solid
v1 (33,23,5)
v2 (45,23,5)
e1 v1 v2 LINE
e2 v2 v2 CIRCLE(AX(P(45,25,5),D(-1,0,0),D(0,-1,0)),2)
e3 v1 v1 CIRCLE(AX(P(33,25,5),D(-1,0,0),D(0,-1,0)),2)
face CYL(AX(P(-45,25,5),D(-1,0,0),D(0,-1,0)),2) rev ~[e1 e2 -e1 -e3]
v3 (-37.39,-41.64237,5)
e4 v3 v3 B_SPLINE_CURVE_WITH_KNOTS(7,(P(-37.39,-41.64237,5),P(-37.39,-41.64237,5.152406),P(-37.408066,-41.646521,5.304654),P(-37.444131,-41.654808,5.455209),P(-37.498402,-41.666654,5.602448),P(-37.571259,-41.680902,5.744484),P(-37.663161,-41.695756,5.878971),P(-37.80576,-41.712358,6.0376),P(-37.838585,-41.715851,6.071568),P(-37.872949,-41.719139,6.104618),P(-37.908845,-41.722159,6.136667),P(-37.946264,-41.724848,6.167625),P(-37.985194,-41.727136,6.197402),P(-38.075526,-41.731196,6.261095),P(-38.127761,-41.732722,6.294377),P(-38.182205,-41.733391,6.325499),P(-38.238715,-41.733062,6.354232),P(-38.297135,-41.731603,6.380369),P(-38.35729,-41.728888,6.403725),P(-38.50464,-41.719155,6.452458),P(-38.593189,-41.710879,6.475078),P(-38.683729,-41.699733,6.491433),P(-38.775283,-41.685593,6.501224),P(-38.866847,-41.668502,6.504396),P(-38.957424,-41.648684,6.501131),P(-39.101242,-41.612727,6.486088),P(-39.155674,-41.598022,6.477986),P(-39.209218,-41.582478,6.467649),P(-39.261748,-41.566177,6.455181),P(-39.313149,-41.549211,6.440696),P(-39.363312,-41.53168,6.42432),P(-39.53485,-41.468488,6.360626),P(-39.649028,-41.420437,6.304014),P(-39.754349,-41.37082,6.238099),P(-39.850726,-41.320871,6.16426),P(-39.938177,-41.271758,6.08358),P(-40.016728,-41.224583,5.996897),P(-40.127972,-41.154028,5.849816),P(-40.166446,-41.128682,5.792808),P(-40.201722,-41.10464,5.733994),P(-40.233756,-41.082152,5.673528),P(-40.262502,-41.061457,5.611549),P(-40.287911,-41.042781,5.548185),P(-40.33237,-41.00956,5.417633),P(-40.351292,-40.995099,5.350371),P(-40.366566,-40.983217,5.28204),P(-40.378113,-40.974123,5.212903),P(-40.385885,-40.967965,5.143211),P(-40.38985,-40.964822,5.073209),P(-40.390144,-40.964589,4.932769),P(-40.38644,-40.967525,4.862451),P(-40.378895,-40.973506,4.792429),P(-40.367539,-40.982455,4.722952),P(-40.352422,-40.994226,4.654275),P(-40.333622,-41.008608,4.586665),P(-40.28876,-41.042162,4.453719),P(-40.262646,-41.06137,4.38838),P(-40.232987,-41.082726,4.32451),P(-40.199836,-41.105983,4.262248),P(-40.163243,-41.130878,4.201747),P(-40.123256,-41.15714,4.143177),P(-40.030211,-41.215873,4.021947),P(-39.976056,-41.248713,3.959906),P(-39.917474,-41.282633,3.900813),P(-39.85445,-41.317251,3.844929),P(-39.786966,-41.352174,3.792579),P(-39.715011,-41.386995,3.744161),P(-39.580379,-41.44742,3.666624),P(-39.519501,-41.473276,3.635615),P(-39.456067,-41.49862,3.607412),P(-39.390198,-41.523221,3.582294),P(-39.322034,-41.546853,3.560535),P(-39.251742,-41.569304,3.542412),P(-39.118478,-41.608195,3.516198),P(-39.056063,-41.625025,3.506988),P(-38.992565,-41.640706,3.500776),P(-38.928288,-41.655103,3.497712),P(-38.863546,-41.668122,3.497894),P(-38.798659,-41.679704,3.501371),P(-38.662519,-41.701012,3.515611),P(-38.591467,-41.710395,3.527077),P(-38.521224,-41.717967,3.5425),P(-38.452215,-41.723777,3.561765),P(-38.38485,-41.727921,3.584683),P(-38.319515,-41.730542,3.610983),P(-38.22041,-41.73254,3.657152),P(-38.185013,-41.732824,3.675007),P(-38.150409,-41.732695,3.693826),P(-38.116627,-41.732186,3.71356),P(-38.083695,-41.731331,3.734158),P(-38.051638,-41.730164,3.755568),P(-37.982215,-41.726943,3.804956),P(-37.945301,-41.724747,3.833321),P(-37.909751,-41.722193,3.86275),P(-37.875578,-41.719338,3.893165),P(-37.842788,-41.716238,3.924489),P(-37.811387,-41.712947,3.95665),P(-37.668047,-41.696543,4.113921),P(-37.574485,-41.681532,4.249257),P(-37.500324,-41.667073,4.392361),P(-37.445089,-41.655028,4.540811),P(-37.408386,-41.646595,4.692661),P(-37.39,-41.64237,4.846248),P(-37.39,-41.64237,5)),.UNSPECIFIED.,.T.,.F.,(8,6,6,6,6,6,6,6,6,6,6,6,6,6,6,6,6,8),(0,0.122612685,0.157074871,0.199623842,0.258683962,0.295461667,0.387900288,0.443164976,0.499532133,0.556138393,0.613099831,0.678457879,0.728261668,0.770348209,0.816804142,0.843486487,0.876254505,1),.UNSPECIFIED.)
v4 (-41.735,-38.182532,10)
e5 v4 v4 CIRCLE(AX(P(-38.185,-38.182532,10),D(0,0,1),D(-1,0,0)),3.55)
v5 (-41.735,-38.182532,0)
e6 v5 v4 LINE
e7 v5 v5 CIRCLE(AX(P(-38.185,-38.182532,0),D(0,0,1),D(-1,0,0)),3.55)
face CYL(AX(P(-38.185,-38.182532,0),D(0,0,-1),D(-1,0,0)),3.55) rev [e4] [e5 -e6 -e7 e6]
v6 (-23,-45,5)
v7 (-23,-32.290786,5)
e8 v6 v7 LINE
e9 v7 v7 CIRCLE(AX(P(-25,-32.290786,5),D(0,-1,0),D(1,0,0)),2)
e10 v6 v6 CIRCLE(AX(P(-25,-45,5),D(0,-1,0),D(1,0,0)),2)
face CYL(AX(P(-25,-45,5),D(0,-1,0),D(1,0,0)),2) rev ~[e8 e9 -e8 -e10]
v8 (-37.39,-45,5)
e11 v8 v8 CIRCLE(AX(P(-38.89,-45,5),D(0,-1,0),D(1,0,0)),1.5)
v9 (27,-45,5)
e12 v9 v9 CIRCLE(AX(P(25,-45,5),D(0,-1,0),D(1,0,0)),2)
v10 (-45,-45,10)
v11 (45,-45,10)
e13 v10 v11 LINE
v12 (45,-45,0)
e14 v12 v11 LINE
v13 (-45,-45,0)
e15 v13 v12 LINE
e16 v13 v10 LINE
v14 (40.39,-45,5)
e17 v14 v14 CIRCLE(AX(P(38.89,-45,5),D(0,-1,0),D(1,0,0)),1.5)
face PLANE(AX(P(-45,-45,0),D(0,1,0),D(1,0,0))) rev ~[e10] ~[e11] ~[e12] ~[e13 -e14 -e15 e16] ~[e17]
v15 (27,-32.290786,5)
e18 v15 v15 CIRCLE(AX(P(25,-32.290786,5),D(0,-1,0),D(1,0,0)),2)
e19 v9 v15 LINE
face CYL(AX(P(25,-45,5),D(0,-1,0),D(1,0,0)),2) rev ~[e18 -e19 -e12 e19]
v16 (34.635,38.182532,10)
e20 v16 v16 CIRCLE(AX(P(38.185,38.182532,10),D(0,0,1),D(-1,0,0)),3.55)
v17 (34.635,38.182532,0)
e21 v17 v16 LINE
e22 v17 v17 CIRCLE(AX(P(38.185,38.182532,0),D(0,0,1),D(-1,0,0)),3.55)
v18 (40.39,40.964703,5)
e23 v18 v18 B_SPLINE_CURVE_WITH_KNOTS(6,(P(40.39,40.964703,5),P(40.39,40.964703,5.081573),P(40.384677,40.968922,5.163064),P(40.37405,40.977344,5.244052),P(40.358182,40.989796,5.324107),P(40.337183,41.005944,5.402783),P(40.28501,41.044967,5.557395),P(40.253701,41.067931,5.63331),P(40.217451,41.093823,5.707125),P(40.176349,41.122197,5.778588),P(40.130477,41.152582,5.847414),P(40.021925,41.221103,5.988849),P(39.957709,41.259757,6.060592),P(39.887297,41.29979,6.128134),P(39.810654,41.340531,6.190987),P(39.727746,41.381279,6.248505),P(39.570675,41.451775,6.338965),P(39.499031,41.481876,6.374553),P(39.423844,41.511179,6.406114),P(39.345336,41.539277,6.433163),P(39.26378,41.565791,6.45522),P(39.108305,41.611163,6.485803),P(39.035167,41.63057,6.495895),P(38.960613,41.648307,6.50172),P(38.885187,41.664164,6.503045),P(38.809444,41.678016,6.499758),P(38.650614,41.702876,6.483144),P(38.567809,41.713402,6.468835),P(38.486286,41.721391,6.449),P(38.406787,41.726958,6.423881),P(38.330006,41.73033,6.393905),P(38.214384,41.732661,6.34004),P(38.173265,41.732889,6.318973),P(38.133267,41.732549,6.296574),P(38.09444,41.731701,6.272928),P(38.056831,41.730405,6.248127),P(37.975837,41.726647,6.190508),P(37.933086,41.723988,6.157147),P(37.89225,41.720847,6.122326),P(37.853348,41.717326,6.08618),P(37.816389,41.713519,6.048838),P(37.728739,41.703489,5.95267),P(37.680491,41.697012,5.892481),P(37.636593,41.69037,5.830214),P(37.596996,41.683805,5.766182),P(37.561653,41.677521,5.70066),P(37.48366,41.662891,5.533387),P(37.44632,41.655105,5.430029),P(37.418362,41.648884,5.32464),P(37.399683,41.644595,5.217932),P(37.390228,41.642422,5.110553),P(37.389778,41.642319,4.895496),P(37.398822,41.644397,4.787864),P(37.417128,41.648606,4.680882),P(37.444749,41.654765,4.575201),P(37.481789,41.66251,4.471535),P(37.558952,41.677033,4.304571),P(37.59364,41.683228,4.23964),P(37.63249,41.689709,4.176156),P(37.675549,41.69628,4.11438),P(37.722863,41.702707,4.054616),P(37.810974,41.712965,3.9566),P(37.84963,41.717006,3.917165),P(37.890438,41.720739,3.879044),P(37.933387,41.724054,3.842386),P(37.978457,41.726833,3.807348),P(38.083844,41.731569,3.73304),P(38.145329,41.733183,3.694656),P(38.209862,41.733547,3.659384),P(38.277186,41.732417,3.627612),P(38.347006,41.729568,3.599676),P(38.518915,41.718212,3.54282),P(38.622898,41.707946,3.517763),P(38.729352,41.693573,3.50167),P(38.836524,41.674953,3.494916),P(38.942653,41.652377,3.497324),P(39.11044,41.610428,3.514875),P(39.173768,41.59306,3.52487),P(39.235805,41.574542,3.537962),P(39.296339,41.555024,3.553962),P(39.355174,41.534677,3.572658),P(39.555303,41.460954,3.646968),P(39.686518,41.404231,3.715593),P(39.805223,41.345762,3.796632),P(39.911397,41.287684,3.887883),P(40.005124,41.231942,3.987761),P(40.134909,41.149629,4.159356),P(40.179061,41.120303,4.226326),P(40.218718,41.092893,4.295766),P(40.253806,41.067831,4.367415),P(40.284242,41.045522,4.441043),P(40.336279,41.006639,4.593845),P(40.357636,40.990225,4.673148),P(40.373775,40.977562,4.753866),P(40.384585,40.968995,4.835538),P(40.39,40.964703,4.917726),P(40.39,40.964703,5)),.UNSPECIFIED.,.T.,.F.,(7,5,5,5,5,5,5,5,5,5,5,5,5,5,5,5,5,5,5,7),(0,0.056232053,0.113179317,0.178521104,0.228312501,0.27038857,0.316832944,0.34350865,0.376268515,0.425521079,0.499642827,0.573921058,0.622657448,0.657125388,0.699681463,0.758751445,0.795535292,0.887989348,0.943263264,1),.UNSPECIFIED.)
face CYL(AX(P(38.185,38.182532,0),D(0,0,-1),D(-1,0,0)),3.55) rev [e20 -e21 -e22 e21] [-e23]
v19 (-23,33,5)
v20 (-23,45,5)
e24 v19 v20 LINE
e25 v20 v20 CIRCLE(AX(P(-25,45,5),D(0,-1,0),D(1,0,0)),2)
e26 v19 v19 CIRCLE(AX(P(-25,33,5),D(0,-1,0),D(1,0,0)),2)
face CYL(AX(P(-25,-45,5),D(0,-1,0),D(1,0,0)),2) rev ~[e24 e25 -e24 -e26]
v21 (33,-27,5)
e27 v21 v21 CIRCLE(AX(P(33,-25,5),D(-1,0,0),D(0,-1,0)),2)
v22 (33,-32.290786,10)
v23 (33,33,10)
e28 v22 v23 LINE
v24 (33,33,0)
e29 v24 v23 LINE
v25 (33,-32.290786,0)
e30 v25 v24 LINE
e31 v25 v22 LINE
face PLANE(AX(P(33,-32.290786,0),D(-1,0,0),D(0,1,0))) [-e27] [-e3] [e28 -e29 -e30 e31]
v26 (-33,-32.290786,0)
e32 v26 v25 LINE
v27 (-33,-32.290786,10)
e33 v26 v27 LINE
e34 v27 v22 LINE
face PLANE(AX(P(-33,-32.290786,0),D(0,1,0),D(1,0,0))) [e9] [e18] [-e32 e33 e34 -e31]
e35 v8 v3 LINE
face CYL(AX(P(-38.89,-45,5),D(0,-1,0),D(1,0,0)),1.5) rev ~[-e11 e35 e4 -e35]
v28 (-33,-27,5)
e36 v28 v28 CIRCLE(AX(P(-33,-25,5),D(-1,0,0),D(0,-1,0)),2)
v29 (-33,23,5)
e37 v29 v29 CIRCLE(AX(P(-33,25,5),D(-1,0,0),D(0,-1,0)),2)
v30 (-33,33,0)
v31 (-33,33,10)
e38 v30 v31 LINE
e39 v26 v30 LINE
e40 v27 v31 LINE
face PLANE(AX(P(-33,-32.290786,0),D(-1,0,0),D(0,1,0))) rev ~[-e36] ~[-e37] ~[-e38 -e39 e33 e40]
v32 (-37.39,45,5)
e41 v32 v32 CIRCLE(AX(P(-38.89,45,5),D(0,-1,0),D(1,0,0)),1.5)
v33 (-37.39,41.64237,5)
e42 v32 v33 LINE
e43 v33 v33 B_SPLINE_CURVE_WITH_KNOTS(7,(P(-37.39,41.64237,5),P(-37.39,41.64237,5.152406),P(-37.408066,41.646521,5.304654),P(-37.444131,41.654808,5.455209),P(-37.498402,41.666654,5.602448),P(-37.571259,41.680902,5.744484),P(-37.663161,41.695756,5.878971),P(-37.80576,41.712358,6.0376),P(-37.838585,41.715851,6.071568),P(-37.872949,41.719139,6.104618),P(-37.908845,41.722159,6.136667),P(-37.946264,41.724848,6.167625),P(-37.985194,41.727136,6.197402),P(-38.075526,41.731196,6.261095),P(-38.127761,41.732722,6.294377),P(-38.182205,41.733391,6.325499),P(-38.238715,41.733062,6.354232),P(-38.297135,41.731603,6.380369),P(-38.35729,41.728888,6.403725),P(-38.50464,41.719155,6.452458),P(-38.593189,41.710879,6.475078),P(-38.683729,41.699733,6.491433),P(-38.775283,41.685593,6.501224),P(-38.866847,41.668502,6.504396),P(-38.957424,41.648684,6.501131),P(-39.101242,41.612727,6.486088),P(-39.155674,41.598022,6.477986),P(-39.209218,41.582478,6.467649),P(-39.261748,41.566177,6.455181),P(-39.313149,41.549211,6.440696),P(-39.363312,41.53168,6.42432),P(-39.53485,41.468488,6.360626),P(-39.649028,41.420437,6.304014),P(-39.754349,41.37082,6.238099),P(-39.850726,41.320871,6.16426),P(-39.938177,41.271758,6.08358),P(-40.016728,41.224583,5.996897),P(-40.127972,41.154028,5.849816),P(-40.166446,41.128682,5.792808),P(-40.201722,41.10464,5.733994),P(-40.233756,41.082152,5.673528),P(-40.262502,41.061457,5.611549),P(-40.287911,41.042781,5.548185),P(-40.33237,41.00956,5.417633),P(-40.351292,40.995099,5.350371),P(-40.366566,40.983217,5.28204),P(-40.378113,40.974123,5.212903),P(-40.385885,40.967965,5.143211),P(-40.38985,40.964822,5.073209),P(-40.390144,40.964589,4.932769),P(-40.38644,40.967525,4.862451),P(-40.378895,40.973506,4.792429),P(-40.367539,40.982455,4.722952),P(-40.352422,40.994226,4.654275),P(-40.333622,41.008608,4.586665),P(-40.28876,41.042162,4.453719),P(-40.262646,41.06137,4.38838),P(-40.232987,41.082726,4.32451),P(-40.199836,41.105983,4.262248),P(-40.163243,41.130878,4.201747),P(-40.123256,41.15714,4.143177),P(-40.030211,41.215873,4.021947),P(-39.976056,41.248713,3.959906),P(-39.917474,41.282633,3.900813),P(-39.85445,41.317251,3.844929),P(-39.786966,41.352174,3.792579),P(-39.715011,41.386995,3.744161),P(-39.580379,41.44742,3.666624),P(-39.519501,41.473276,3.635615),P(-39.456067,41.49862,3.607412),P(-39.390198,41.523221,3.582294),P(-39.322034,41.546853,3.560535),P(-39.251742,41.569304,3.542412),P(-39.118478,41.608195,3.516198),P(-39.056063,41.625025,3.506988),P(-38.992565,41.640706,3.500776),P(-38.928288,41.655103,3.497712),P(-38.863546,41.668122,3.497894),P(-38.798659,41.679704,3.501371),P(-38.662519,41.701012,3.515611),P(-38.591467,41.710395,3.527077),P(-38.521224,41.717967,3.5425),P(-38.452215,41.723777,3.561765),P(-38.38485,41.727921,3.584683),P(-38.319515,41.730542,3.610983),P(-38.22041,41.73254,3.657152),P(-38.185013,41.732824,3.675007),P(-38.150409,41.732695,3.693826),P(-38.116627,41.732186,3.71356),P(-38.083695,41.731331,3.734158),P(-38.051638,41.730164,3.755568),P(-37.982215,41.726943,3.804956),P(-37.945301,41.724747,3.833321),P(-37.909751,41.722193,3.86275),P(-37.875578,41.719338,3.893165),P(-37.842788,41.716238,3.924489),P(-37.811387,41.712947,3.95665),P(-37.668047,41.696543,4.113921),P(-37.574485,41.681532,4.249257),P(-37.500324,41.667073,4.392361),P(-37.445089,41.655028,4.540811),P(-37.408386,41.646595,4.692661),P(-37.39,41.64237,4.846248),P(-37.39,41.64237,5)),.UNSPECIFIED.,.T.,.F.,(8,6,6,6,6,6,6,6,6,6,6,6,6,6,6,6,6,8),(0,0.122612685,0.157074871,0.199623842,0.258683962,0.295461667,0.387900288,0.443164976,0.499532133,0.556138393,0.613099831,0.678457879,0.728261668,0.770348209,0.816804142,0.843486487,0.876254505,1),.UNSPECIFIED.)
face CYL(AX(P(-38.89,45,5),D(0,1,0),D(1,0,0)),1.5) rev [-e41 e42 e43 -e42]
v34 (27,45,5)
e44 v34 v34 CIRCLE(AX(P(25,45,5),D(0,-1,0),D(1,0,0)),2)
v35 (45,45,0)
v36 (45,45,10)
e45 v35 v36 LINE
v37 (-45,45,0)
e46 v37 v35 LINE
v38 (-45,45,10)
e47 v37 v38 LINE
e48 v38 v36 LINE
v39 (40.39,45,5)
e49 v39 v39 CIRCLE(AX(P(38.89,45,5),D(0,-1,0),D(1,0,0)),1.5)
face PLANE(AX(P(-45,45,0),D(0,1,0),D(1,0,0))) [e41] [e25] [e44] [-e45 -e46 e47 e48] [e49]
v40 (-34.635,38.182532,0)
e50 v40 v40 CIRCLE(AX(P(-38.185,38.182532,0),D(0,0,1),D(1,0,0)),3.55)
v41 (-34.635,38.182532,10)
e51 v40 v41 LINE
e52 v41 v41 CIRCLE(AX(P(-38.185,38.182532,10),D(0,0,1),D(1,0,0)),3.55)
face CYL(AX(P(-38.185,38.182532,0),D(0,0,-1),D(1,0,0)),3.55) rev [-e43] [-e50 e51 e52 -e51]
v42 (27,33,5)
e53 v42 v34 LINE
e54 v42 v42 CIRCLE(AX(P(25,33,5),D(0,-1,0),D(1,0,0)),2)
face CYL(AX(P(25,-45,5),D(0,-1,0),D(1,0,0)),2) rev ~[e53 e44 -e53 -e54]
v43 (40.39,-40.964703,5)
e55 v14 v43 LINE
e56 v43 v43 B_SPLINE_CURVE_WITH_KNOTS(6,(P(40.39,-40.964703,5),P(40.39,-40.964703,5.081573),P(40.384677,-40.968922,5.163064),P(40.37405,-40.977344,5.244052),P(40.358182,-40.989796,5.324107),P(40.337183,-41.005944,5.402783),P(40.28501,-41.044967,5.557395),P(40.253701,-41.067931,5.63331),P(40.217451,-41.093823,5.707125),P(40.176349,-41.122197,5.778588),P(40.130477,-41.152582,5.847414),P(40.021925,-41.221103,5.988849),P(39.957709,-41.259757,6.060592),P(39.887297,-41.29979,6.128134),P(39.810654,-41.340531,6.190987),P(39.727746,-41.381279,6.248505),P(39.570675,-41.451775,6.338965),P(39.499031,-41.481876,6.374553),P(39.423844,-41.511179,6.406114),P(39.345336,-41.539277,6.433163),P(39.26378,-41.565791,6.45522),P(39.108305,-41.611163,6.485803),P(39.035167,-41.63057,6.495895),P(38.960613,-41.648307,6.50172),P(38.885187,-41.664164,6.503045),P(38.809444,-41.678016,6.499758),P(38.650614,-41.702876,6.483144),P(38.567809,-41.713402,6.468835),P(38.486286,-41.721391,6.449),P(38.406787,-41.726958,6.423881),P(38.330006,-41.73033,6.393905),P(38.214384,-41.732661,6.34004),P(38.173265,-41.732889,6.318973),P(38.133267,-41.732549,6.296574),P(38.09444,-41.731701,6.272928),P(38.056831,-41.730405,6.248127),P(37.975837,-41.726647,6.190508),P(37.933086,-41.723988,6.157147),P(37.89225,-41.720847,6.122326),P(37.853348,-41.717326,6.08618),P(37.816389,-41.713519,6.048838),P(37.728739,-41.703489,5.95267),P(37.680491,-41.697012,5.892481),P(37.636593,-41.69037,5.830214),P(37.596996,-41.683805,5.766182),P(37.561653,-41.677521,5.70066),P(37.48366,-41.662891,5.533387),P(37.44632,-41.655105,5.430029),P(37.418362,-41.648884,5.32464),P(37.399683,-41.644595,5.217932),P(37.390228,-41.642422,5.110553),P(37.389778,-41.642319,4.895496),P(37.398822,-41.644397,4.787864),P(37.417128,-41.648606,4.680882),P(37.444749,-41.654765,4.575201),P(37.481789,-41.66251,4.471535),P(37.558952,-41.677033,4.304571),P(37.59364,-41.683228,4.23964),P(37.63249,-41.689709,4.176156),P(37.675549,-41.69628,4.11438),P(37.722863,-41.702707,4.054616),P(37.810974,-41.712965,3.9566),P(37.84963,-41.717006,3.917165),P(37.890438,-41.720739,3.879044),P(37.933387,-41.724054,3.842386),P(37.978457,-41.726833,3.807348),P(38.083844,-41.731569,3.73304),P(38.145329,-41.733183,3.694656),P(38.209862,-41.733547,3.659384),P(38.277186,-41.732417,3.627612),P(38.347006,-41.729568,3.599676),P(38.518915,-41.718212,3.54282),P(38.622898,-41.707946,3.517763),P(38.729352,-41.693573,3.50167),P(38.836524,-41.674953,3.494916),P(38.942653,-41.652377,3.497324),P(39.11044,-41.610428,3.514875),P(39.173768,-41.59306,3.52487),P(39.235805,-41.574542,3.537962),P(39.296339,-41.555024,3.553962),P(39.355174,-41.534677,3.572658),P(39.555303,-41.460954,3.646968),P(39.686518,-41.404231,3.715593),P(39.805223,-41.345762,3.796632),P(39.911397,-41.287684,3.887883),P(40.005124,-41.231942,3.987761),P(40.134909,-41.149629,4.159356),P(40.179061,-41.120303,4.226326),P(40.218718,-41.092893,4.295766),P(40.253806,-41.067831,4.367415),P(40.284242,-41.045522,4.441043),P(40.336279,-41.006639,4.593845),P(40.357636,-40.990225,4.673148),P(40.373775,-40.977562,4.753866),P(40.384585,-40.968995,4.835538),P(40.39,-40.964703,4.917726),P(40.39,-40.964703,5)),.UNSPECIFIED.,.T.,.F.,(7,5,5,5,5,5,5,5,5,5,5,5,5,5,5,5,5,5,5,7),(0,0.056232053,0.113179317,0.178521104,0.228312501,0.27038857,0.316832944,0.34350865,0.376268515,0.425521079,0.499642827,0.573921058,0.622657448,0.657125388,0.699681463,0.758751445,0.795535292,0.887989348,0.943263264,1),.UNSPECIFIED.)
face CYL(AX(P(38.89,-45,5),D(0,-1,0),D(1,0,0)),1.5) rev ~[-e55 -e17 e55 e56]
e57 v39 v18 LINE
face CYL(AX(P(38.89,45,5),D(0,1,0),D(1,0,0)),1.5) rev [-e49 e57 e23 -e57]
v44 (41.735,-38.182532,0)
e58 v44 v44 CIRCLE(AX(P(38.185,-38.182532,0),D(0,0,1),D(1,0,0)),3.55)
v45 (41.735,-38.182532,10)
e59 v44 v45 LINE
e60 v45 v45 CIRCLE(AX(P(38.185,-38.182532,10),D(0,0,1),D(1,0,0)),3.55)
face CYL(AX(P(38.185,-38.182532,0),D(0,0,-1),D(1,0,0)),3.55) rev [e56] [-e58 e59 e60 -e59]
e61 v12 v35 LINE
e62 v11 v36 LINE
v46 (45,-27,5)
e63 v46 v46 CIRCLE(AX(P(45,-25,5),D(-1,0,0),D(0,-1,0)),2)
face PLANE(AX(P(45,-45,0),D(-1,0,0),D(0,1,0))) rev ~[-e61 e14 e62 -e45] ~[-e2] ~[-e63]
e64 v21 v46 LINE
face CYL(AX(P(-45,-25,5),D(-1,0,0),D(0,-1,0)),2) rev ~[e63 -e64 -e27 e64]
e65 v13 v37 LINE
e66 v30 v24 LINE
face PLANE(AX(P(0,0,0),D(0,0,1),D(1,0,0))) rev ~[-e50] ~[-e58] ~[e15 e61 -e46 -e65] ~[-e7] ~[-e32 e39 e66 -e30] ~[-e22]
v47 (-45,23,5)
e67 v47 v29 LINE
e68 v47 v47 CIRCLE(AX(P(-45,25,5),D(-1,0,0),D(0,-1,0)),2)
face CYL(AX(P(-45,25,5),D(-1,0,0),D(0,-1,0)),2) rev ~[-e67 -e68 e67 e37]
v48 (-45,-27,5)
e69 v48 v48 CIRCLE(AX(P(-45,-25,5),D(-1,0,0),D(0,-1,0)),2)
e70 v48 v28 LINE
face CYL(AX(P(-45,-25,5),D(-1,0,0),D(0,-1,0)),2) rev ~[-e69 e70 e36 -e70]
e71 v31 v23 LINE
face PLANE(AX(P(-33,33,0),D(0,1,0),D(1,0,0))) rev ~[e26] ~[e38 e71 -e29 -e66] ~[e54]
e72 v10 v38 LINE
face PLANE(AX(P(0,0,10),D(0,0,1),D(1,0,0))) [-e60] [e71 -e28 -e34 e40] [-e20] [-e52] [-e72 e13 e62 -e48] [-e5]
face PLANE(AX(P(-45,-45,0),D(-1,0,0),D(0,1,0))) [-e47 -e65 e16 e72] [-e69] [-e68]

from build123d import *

# Parameters (mm, degrees)
SKETCH1_W           = 90
SKETCH1_H           = 90
SKETCH1_R           = 3.55
SKETCH1_W_2         = 66
SKETCH1_H_2         = 65.290786417
BOSS_EXTRUDE1_DEPTH = 10
CUT_EXTRUDE1_REACH  = 103.119
SKETCH2_R           = 1.5
SKETCH3_R           = 2
CUT_EXTRUDE2_DEPTH  = 90
SKETCH4_R           = 2
CUT_EXTRUDE3_DEPTH  = 90


with BuildPart() as part:
    # Sketch1 → Boss-Extrude1 (new body)
    with BuildSketch(Plane.XY):
        Rectangle(SKETCH1_W, SKETCH1_H)
        with Locations((-38.185, 38.182532328)):
            Circle(SKETCH1_R, mode=Mode.SUBTRACT)
        with Locations(Location((38.185, 38.182532328, 0), (0, 0, 180))):
            Circle(SKETCH1_R, mode=Mode.SUBTRACT)
        with Locations((38.185, -38.182532328)):
            Circle(SKETCH1_R, mode=Mode.SUBTRACT)
        with Locations(Location((-38.185, -38.182532328, 0), (0, 0, 180))):
            Circle(SKETCH1_R, mode=Mode.SUBTRACT)
        with Locations((0, 0.354606792)):
            Rectangle(SKETCH1_W_2, SKETCH1_H_2, mode=Mode.SUBTRACT)
    extrude(amount=BOSS_EXTRUDE1_DEPTH)

    # Sketch2 → Cut-Extrude1 (cut, up to next)
    with BuildSketch(Plane.XZ.offset(45), mode=Mode.PRIVATE) as cut_extrude1_sk1:
        with Locations((-38.89, 5)):
            Circle(SKETCH2_R)
    cut_extrude1_tool1 = extrude(cut_extrude1_sk1.sketch, amount=-CUT_EXTRUDE1_REACH, mode=Mode.PRIVATE) & part.part
    # Sketch2 → Cut-Extrude1 (cut, up to next)
    with BuildSketch(Plane.XZ.offset(45), mode=Mode.PRIVATE) as cut_extrude1_sk2:
        with Locations((38.89, 5)):
            Circle(SKETCH2_R)
    cut_extrude1_tool2 = extrude(cut_extrude1_sk2.sketch, amount=-CUT_EXTRUDE1_REACH, mode=Mode.PRIVATE) & part.part
    cut_extrude1_1 = cut_extrude1_tool1.solids().sort_by_distance((-38.89, -45, 5))[0]
    add(cut_extrude1_1, mode=Mode.SUBTRACT)
    cut_extrude1_2 = cut_extrude1_tool2.solids().sort_by_distance((38.89, -45, 5))[0]
    add(cut_extrude1_2, mode=Mode.SUBTRACT)
    cut_extrude1 = cut_extrude1_1 + cut_extrude1_2  # Cut-Extrude1 as one shape, for the pattern or mirror that repeats it

    # Mirror1: Cut-Extrude1 across plane
    add(cut_extrude1.mirror(Plane.ZX), mode=Mode.SUBTRACT)

    # Sketch3 → Cut-Extrude2 (cut)
    with BuildSketch(Plane.XZ.offset(45)):
        with Locations((-25, 5)):
            Circle(SKETCH3_R)
        with Locations((25, 5)):
            Circle(SKETCH3_R)
    extrude(amount=-CUT_EXTRUDE2_DEPTH, mode=Mode.SUBTRACT)

    # Sketch4 → Cut-Extrude3 (cut)
    with BuildSketch(Plane.ZY.offset(45)):
        with Locations(Location((5, 25, 0), (0, 0, 270))):
            Circle(SKETCH4_R)
        with Locations(Location((5, -25, 0), (0, 0, 270))):
            Circle(SKETCH4_R)
    extrude(amount=-CUT_EXTRUDE3_DEPTH, mode=Mode.SUBTRACT)


solid = part.part
